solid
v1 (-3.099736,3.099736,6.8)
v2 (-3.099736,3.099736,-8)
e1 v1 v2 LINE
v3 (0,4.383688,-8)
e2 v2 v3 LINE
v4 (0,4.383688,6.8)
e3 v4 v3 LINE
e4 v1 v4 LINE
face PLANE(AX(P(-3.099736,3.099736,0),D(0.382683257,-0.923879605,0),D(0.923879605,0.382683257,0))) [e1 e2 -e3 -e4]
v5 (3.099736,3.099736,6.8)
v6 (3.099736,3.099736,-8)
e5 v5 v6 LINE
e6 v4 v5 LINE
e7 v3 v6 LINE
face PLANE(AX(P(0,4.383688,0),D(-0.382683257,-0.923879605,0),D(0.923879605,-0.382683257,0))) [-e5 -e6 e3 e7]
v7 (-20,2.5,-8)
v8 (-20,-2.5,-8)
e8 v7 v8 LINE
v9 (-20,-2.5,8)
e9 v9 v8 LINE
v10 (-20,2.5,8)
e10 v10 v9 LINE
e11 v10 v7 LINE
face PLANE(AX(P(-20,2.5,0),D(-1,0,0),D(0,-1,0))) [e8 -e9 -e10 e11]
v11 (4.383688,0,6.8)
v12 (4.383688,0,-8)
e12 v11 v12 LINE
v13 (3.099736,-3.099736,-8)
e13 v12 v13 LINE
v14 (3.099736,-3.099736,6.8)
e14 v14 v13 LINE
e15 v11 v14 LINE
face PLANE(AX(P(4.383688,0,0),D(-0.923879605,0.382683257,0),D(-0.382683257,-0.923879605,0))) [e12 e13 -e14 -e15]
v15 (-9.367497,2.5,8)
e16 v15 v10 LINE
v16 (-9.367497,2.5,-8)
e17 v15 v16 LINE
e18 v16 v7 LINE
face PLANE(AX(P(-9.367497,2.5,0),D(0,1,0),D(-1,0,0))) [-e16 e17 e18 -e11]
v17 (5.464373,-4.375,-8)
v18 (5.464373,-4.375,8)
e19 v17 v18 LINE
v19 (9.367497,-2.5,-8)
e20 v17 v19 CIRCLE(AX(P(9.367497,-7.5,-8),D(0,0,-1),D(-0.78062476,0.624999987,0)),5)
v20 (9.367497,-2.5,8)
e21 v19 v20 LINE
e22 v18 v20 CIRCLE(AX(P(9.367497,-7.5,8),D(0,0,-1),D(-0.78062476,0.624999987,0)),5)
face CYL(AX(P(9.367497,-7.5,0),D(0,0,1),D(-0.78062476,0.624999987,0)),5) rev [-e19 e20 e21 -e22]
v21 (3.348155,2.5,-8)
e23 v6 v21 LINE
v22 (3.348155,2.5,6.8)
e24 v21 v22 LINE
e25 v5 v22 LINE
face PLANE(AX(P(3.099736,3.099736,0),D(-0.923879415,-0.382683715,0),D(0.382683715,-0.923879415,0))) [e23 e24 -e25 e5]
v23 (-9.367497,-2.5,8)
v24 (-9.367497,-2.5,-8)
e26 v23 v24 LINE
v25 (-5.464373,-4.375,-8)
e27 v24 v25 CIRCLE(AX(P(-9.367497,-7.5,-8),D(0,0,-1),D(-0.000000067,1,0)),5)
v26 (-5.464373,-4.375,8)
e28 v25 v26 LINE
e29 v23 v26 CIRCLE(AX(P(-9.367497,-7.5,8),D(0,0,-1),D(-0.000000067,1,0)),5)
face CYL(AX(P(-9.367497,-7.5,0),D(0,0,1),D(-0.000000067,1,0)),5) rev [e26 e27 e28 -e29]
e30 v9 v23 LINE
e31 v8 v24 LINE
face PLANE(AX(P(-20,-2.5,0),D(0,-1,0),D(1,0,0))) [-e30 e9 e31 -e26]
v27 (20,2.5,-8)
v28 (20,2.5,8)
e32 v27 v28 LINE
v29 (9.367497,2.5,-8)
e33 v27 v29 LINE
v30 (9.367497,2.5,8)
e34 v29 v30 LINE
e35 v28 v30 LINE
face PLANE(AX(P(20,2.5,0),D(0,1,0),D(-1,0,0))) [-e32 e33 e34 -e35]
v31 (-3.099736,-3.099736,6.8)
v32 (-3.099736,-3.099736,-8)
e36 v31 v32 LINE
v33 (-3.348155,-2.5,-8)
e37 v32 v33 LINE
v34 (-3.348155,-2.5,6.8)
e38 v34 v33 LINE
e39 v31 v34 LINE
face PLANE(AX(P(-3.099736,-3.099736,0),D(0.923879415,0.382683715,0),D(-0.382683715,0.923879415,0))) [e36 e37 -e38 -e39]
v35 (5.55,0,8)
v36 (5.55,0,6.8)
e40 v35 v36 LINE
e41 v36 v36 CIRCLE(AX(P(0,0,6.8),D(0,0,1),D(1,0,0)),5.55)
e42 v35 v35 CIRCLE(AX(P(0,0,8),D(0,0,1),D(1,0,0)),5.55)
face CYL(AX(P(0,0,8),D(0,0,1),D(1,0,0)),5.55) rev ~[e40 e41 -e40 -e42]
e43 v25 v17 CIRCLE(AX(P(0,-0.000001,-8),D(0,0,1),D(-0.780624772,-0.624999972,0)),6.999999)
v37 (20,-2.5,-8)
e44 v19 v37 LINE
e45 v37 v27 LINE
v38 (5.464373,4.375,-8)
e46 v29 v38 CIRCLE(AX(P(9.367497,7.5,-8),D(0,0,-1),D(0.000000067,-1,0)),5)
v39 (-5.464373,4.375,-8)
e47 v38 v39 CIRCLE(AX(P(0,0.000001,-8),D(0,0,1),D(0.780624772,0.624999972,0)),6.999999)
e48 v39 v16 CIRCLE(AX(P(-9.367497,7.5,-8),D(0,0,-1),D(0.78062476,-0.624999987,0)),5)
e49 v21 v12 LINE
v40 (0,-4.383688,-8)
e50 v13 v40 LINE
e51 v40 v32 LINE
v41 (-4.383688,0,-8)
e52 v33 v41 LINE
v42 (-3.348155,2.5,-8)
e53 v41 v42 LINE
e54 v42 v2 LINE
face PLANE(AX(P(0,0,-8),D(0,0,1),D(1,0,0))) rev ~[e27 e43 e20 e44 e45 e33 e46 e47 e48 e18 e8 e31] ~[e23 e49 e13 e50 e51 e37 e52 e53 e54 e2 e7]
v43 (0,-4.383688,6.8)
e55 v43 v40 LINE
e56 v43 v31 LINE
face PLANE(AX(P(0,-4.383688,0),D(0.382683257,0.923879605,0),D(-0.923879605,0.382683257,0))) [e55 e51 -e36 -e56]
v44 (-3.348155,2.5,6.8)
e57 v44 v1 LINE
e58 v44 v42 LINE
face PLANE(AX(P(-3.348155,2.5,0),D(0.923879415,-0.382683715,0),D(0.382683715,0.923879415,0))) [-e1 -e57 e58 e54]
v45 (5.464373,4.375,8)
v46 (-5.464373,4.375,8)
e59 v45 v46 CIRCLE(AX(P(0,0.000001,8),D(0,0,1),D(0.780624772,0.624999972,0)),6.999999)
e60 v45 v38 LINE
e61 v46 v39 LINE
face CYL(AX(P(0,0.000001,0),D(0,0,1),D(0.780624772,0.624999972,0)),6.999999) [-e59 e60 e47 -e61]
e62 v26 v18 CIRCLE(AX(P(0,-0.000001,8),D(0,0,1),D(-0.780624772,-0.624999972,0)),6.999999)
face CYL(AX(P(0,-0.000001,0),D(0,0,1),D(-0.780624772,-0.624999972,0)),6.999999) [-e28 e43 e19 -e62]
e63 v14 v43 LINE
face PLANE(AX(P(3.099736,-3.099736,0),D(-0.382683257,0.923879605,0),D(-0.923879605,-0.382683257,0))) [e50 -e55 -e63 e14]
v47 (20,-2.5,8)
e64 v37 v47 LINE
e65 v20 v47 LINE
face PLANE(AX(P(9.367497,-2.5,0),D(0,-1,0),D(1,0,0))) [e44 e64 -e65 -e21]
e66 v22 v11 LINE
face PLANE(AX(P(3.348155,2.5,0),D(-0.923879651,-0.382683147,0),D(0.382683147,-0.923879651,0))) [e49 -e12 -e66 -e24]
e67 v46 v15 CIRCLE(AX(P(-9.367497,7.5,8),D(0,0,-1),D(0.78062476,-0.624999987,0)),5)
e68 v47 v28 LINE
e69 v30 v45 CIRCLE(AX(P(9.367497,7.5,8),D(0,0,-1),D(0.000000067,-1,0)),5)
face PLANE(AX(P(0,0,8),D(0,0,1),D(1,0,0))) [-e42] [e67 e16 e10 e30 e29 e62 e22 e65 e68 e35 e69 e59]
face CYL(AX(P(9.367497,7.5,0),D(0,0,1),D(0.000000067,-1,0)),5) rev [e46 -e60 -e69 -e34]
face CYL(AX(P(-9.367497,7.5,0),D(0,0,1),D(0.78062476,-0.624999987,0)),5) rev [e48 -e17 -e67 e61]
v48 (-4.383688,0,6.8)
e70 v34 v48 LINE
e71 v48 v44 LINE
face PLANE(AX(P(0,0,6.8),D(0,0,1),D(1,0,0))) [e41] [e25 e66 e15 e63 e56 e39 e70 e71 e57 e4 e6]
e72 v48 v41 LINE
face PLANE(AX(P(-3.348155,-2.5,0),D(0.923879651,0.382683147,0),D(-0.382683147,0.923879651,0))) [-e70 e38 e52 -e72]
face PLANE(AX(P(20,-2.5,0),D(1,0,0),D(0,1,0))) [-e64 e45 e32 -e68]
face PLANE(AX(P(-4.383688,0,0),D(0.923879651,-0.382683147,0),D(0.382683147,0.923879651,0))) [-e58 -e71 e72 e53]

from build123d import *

# Parameters (mm, degrees)
F1_DEPTH = 8
F2_R     = 5.55
F3_DEPTH = 1.2


with BuildPart() as f1:
    # F0 (on Top) → F1 (new body, symmetric)
    with BuildSketch(Plane.XY):
        with BuildLine():
            ThreePointArc((-9.367497, -2.5), (-7.202433, -2.993061), (-5.464373, -4.375))
            ThreePointArc((-5.464373, -4.375), (0, -7), (5.464373, -4.375))
            ThreePointArc((5.464373, -4.375), (7.202433, -2.993061), (9.367497, -2.5))
            Line((9.367497, -2.5), (20, -2.5))
            Line((20, -2.5), (20, 2.5))
            Line((20, 2.5), (9.367497, 2.5))
            ThreePointArc((9.367497, 2.5), (7.202433, 2.993061), (5.464373, 4.375))
            ThreePointArc((5.464373, 4.375), (0, 7), (-5.464373, 4.375))
            ThreePointArc((-5.464373, 4.375), (-7.202433, 2.993061), (-9.367497, 2.5))
            Line((-9.367497, 2.5), (-20, 2.5))
            Line((-20, 2.5), (-20, -2.5))
            Line((-20, -2.5), (-9.367497, -2.5))
        make_face()
        Polygon((3.348155, 2.5), (4.383688, 0), (3.099736, -3.099736), (0, -4.383688), (-3.099736, -3.099736), (-3.348155, -2.5), (-4.383688, 0), (-3.348155, 2.5), (-3.099736, 3.099736), (0, 4.383688), (3.099736, 3.099736), align=None, mode=Mode.SUBTRACT)
    extrude(amount=F1_DEPTH, both=True)

    # F2 (on face) → F3 (cut)
    with BuildSketch(Plane.XY.offset(8)):
        Circle(F2_R)
        Polygon((0, 4.383688), (3.099736, 3.099736), (4.383688, 0), (3.099736, -3.099736), (0, -4.383688), (-3.099736, -3.099736), (-4.383688, 0), (-3.099736, 3.099736), align=None, mode=Mode.SUBTRACT)
    extrude(amount=-F3_DEPTH, mode=Mode.SUBTRACT)


solid = f1.part
